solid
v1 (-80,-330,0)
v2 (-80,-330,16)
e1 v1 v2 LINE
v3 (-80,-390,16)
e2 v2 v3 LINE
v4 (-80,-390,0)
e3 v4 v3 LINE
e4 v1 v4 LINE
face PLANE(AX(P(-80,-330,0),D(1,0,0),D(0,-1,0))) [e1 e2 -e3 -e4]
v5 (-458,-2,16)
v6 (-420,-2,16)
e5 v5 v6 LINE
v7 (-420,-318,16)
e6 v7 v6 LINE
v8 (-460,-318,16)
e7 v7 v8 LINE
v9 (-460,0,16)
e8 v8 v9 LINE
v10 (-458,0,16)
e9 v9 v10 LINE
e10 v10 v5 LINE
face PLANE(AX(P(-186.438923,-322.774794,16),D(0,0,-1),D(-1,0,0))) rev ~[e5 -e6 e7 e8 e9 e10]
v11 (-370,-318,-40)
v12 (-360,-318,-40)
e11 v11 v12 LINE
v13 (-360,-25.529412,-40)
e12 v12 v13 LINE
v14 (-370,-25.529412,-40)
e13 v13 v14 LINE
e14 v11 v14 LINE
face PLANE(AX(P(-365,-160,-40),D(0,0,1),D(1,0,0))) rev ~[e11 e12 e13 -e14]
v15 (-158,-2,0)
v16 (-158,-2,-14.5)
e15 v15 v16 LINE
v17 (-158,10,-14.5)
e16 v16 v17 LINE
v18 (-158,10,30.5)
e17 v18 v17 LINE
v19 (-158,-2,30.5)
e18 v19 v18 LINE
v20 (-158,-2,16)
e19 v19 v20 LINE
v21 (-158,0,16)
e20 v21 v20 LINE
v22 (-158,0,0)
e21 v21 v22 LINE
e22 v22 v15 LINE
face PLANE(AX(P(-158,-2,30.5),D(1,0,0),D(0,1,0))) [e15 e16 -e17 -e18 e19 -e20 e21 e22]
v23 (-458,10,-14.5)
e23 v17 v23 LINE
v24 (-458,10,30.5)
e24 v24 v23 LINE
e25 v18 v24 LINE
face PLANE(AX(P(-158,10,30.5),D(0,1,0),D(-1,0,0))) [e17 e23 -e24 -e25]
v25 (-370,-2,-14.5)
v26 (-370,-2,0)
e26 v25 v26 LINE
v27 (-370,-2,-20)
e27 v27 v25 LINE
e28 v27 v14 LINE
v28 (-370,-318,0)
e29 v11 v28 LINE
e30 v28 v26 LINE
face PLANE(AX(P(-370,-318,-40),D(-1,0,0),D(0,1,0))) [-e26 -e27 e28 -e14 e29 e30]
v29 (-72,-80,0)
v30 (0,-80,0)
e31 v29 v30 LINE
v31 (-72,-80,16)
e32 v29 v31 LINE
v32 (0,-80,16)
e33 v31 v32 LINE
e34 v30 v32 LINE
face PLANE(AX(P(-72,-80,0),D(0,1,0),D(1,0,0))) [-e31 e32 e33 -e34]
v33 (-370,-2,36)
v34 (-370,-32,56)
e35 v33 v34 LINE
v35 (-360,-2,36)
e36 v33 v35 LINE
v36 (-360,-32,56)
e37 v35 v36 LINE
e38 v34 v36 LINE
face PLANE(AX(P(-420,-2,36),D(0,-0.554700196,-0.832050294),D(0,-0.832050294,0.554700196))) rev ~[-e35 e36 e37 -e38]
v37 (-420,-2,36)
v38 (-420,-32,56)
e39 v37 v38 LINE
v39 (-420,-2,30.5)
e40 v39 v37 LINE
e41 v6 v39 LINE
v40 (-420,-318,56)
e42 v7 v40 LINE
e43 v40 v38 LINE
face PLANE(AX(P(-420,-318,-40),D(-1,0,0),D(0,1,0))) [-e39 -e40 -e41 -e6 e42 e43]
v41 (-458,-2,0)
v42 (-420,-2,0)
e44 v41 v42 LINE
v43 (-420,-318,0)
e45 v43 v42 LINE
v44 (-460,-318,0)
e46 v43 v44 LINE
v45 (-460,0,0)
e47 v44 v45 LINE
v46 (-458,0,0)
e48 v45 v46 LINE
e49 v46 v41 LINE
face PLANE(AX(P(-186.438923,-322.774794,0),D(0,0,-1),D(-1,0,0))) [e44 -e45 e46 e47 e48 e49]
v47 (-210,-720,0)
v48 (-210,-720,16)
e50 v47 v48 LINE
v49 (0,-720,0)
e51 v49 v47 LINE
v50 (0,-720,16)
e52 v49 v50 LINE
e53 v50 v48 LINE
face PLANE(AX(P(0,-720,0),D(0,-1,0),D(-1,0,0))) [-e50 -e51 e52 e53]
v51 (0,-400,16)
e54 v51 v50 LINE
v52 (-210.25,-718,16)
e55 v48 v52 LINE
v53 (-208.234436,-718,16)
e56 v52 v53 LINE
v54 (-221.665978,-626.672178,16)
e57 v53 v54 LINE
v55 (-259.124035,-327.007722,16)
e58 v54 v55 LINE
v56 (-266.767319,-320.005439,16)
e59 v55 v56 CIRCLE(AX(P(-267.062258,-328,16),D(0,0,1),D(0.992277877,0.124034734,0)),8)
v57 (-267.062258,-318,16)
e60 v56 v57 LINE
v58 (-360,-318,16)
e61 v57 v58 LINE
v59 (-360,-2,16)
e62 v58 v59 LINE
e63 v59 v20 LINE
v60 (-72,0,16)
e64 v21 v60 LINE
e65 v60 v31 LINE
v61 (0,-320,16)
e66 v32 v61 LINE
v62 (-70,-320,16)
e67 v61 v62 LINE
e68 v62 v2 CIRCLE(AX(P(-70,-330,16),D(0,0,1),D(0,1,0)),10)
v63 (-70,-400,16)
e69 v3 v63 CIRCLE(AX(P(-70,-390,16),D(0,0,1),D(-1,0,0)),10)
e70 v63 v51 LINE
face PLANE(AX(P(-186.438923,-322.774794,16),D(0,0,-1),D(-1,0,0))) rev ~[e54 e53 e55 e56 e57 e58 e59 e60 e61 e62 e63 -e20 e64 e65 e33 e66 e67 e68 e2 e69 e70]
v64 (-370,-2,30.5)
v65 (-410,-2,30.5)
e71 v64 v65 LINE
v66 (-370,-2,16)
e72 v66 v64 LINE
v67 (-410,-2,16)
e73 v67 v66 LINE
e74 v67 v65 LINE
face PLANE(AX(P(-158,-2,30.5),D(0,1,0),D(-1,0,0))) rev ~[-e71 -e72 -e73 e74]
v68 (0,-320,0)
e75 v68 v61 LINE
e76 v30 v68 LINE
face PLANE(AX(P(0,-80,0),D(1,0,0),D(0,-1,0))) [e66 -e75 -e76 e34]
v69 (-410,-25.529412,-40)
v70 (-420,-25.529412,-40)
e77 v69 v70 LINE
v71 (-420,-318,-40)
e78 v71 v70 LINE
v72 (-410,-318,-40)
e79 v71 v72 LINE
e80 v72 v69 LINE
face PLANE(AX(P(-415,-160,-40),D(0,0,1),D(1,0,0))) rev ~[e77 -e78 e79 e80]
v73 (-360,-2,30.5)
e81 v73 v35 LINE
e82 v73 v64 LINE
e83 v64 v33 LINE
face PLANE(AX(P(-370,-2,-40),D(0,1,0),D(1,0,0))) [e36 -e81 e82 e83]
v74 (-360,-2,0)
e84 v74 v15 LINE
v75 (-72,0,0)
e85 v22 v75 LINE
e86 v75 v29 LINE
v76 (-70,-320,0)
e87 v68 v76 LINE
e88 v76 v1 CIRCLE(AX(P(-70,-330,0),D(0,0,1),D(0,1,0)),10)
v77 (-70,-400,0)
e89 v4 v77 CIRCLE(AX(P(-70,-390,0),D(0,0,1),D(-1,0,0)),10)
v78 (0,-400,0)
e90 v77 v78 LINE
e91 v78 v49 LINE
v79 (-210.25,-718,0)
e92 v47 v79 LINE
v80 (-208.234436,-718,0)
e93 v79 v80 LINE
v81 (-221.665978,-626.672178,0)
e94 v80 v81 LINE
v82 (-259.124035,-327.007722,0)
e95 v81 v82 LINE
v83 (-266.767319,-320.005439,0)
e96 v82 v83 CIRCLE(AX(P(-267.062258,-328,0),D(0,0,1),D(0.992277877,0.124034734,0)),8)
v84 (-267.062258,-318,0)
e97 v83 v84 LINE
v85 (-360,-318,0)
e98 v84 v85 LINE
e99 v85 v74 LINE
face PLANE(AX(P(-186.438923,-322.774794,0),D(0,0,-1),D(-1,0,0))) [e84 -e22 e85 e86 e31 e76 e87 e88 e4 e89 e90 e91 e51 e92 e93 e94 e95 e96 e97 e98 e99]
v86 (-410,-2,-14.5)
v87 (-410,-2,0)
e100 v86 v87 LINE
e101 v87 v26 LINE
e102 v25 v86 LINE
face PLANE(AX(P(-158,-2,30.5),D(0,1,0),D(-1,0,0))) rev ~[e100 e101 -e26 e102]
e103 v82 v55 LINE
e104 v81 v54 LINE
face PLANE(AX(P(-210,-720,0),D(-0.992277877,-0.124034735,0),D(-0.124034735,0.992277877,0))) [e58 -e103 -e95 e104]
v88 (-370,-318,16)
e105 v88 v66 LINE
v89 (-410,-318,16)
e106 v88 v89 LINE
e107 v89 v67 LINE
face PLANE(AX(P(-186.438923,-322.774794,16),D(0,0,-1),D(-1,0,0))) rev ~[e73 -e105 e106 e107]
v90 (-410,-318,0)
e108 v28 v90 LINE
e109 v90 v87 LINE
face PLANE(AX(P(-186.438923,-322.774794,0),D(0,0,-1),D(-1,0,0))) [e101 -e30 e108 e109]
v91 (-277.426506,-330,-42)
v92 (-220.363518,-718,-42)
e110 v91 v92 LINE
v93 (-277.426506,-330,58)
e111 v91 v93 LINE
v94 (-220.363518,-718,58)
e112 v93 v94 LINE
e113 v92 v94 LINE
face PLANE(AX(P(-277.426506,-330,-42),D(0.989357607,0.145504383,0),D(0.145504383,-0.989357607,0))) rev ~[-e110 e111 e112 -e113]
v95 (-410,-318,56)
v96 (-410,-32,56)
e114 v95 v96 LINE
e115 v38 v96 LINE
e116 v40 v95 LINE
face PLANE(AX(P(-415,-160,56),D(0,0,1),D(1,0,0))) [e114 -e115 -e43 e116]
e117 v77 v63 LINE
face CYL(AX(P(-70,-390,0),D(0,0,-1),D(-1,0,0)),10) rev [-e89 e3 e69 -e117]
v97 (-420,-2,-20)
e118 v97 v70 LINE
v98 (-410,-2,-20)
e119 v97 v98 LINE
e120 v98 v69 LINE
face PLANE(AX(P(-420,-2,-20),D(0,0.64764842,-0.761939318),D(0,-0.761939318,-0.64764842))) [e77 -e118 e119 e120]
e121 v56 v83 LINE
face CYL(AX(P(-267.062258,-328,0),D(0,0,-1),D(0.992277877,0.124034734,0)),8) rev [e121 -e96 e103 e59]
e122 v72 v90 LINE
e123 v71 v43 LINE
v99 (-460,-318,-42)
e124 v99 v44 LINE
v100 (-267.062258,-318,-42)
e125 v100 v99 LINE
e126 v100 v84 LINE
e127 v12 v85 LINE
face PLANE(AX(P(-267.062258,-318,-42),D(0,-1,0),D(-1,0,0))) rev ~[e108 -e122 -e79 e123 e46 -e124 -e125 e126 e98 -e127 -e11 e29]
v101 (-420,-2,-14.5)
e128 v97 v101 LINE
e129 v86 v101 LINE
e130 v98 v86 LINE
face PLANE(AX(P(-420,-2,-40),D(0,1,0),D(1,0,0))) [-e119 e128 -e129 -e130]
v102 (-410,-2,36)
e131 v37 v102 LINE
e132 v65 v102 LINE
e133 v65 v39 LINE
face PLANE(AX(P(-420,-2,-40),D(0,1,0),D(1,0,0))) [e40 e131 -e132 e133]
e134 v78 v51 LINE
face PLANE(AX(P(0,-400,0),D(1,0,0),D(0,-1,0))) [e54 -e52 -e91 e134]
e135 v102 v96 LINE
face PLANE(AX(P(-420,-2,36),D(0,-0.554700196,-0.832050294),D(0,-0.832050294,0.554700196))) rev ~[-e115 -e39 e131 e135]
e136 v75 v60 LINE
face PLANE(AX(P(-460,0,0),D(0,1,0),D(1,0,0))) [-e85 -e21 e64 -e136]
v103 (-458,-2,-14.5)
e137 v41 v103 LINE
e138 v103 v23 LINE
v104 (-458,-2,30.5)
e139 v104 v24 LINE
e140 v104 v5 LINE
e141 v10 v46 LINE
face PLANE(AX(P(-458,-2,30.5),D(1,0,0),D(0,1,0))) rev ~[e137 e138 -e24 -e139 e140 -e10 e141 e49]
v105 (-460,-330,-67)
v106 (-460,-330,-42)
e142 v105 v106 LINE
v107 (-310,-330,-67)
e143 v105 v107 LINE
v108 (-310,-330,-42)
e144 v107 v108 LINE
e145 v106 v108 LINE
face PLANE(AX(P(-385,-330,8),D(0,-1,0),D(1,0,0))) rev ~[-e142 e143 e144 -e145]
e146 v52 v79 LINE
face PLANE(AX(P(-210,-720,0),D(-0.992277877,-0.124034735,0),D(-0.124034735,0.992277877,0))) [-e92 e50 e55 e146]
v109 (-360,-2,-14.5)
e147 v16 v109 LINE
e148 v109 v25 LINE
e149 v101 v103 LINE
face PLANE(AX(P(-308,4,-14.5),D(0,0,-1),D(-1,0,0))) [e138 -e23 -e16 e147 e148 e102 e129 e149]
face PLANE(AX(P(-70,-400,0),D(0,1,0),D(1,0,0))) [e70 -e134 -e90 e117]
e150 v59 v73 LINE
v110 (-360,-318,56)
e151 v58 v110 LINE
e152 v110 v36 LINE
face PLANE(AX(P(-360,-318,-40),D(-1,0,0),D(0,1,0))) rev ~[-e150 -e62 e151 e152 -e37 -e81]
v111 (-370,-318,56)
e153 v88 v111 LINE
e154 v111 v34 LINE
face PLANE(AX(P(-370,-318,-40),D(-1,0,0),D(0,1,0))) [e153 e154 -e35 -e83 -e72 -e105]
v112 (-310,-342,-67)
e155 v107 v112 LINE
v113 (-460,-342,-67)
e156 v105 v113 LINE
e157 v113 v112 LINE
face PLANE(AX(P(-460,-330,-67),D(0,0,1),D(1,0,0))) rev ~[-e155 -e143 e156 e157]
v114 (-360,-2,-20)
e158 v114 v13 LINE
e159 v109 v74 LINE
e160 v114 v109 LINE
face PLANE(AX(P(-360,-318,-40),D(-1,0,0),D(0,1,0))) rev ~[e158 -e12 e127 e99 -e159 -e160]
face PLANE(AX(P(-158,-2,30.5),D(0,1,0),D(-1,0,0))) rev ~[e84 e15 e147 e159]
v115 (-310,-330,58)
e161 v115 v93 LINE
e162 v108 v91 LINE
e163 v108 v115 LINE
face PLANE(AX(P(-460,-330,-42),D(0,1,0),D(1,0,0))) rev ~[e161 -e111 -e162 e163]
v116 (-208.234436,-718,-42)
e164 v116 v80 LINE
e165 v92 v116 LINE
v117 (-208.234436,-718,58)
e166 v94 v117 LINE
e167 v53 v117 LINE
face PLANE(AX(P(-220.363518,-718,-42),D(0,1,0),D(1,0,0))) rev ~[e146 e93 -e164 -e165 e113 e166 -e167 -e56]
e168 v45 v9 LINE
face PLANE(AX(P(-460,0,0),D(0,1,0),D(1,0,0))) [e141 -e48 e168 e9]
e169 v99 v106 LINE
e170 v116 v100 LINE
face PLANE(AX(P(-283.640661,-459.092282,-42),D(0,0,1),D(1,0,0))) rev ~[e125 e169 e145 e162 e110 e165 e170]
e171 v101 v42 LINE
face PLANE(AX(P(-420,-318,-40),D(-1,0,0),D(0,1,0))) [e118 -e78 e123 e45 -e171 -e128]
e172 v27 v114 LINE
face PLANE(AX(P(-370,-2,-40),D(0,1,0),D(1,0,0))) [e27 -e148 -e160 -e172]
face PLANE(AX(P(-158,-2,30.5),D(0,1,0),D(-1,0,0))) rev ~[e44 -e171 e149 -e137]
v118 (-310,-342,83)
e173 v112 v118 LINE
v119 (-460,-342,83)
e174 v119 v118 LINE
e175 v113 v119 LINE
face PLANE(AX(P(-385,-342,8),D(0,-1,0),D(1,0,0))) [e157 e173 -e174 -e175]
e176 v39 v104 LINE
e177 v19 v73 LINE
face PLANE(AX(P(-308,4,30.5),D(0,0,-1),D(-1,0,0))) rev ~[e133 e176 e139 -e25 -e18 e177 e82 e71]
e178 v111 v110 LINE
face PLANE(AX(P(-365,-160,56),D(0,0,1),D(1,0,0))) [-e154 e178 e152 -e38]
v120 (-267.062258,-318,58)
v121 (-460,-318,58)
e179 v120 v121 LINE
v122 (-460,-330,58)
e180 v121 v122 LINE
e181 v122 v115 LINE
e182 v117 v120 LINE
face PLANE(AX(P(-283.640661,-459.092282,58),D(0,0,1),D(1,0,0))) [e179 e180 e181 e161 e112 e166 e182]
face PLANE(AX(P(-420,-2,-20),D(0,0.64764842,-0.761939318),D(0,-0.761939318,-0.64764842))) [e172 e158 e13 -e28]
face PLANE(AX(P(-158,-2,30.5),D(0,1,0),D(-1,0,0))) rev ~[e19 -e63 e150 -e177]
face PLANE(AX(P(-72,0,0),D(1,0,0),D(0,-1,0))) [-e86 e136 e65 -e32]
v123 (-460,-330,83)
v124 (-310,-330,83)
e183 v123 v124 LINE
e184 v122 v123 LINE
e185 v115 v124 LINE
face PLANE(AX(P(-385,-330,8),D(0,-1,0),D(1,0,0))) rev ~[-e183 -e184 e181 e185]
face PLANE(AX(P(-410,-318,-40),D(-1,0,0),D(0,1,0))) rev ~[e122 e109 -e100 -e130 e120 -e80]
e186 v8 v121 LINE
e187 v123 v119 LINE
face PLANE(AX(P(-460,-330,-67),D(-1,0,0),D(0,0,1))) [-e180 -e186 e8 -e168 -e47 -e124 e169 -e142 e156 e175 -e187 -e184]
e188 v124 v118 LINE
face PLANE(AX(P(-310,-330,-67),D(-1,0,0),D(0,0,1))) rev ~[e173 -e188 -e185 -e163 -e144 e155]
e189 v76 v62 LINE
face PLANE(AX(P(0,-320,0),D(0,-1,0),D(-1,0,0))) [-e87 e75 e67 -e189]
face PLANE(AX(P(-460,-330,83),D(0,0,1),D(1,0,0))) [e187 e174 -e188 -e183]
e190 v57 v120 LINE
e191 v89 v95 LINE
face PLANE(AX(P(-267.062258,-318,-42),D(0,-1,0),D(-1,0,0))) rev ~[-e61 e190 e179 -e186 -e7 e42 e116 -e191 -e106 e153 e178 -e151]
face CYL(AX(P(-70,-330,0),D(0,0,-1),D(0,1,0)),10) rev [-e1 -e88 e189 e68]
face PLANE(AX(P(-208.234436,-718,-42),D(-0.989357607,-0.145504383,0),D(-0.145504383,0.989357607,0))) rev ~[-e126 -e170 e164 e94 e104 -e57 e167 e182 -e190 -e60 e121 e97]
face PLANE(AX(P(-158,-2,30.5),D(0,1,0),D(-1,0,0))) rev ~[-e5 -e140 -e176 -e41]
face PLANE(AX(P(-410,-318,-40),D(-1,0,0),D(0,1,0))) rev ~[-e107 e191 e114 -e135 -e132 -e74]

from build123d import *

# Parameters (mm, degrees)
EXTRUDE_1242_DEPTH   = 16
EXTRUDE_2_DEPTH      = 40
EXTRUDE_2_DEPTH_BACK = 56
SKETCH_3_W           = 10
SKETCH_3_H           = 316
CUT_EXTRUDE_1_DEPTH  = 836.425640018
CUT_EXTRUDE_2_DEPTH  = 836.425640018
EXTRUDE_5_DEPTH      = 42
EXTRUDE_5_DEPTH_BACK = 58
EXTRUDE_6_DEPTH      = 14.5
EXTRUDE_6_DEPTH_BACK = 30.5
SKETCH_7_W           = 300
SKETCH_7_H           = 12
SKETCH_8_W           = 150
SKETCH_8_H           = 150
EXTRUDE_7_DEPTH      = 12


with BuildPart() as part:
    # 草图1 → Extrude 1242 (new body)
    with BuildSketch(Plane.XY):
        with BuildLine():
            Line((0, -320), (-70, -320))
            ThreePointArc((-70, -320), (-77.071067812, -322.928932188), (-80, -330))
            Line((-80, -330), (-80, -390))
            ThreePointArc((-80, -390), (-77.071067812, -397.071067812), (-70, -400))
            Line((-70, -400), (0, -400))
            Line((0, -400), (0, -720))
            Line((0, -720), (-210, -720))
            Line((-210, -720), (-259.124034735, -327.007722123))
            ThreePointArc((-259.124034735, -327.007722123), (-261.767837242, -322.002574593), (-267.062257748, -320))
            Line((-267.062257748, -320), (-460, -320))
            Line((-460, -320), (-460, 0))
            Line((-460, 0), (-72, 0))
            Line((-72, 0), (-72, -80))
            Line((-72, -80), (0, -80))
            Line((0, -80), (0, -320))
        make_face()
    extrude(amount=EXTRUDE_1242_DEPTH)

    # 草图3 → 凸台-拉伸2 (add, two sides: drawn at the far end of the back side and taken through both)
    with BuildSketch(Plane.XY.offset(16).offset(-EXTRUDE_2_DEPTH_BACK)):
        with Locations((-415, -160)):
            Rectangle(SKETCH_3_W, SKETCH_3_H)
        with Locations((-365, -160)):
            Rectangle(SKETCH_3_W, SKETCH_3_H)
    extrude(amount=EXTRUDE_2_DEPTH + EXTRUDE_2_DEPTH_BACK)

    # 草图4 → 切除-拉伸1 (cut, through all)
    with BuildSketch(Plane.ZY.offset(420)):
        Polygon((-20, -2), (-45.5, -32), (-45.5, -2), align=None)
    extrude(amount=-CUT_EXTRUDE_1_DEPTH, mode=Mode.SUBTRACT)

    # 草图5 → 切除-拉伸2 (cut, through all)
    with BuildSketch(Plane.ZY.offset(420)):
        Polygon((36, -2), (56, -32), (56, -2), align=None)
    extrude(amount=-CUT_EXTRUDE_2_DEPTH, mode=Mode.SUBTRACT)

    # 草图6 → 凸台-拉伸5 (add, two sides: drawn at the far end of the back side and taken through both)
    with BuildSketch(Plane.XY.offset(16).offset(-EXTRUDE_5_DEPTH_BACK)):
        Polygon((-267.062257748, -318), (-460, -318), (-460, -330), (-277.426505546, -330), (-220.363518026, -718), (-208.234435563, -718), align=None)
    extrude(amount=EXTRUDE_5_DEPTH + EXTRUDE_5_DEPTH_BACK)

    # 草图7 → 凸台-拉伸6 (add, two sides: drawn at the far end of the back side and taken through both)
    with BuildSketch(Plane(origin=(0, 0, 0), x_dir=(-1, 0, 0), z_dir=(0, 0, -1)).offset(-EXTRUDE_6_DEPTH_BACK)):
        with Locations((308, 4)):
            Rectangle(SKETCH_7_W, SKETCH_7_H)
    extrude(amount=EXTRUDE_6_DEPTH + EXTRUDE_6_DEPTH_BACK)

    # 草图8 → 凸台-拉伸7 (add)
    with BuildSketch(Plane.XZ.offset(330)):
        with Locations((-385, 8)):
            Rectangle(SKETCH_8_W, SKETCH_8_H)
    extrude(amount=EXTRUDE_7_DEPTH)


solid = part.part
